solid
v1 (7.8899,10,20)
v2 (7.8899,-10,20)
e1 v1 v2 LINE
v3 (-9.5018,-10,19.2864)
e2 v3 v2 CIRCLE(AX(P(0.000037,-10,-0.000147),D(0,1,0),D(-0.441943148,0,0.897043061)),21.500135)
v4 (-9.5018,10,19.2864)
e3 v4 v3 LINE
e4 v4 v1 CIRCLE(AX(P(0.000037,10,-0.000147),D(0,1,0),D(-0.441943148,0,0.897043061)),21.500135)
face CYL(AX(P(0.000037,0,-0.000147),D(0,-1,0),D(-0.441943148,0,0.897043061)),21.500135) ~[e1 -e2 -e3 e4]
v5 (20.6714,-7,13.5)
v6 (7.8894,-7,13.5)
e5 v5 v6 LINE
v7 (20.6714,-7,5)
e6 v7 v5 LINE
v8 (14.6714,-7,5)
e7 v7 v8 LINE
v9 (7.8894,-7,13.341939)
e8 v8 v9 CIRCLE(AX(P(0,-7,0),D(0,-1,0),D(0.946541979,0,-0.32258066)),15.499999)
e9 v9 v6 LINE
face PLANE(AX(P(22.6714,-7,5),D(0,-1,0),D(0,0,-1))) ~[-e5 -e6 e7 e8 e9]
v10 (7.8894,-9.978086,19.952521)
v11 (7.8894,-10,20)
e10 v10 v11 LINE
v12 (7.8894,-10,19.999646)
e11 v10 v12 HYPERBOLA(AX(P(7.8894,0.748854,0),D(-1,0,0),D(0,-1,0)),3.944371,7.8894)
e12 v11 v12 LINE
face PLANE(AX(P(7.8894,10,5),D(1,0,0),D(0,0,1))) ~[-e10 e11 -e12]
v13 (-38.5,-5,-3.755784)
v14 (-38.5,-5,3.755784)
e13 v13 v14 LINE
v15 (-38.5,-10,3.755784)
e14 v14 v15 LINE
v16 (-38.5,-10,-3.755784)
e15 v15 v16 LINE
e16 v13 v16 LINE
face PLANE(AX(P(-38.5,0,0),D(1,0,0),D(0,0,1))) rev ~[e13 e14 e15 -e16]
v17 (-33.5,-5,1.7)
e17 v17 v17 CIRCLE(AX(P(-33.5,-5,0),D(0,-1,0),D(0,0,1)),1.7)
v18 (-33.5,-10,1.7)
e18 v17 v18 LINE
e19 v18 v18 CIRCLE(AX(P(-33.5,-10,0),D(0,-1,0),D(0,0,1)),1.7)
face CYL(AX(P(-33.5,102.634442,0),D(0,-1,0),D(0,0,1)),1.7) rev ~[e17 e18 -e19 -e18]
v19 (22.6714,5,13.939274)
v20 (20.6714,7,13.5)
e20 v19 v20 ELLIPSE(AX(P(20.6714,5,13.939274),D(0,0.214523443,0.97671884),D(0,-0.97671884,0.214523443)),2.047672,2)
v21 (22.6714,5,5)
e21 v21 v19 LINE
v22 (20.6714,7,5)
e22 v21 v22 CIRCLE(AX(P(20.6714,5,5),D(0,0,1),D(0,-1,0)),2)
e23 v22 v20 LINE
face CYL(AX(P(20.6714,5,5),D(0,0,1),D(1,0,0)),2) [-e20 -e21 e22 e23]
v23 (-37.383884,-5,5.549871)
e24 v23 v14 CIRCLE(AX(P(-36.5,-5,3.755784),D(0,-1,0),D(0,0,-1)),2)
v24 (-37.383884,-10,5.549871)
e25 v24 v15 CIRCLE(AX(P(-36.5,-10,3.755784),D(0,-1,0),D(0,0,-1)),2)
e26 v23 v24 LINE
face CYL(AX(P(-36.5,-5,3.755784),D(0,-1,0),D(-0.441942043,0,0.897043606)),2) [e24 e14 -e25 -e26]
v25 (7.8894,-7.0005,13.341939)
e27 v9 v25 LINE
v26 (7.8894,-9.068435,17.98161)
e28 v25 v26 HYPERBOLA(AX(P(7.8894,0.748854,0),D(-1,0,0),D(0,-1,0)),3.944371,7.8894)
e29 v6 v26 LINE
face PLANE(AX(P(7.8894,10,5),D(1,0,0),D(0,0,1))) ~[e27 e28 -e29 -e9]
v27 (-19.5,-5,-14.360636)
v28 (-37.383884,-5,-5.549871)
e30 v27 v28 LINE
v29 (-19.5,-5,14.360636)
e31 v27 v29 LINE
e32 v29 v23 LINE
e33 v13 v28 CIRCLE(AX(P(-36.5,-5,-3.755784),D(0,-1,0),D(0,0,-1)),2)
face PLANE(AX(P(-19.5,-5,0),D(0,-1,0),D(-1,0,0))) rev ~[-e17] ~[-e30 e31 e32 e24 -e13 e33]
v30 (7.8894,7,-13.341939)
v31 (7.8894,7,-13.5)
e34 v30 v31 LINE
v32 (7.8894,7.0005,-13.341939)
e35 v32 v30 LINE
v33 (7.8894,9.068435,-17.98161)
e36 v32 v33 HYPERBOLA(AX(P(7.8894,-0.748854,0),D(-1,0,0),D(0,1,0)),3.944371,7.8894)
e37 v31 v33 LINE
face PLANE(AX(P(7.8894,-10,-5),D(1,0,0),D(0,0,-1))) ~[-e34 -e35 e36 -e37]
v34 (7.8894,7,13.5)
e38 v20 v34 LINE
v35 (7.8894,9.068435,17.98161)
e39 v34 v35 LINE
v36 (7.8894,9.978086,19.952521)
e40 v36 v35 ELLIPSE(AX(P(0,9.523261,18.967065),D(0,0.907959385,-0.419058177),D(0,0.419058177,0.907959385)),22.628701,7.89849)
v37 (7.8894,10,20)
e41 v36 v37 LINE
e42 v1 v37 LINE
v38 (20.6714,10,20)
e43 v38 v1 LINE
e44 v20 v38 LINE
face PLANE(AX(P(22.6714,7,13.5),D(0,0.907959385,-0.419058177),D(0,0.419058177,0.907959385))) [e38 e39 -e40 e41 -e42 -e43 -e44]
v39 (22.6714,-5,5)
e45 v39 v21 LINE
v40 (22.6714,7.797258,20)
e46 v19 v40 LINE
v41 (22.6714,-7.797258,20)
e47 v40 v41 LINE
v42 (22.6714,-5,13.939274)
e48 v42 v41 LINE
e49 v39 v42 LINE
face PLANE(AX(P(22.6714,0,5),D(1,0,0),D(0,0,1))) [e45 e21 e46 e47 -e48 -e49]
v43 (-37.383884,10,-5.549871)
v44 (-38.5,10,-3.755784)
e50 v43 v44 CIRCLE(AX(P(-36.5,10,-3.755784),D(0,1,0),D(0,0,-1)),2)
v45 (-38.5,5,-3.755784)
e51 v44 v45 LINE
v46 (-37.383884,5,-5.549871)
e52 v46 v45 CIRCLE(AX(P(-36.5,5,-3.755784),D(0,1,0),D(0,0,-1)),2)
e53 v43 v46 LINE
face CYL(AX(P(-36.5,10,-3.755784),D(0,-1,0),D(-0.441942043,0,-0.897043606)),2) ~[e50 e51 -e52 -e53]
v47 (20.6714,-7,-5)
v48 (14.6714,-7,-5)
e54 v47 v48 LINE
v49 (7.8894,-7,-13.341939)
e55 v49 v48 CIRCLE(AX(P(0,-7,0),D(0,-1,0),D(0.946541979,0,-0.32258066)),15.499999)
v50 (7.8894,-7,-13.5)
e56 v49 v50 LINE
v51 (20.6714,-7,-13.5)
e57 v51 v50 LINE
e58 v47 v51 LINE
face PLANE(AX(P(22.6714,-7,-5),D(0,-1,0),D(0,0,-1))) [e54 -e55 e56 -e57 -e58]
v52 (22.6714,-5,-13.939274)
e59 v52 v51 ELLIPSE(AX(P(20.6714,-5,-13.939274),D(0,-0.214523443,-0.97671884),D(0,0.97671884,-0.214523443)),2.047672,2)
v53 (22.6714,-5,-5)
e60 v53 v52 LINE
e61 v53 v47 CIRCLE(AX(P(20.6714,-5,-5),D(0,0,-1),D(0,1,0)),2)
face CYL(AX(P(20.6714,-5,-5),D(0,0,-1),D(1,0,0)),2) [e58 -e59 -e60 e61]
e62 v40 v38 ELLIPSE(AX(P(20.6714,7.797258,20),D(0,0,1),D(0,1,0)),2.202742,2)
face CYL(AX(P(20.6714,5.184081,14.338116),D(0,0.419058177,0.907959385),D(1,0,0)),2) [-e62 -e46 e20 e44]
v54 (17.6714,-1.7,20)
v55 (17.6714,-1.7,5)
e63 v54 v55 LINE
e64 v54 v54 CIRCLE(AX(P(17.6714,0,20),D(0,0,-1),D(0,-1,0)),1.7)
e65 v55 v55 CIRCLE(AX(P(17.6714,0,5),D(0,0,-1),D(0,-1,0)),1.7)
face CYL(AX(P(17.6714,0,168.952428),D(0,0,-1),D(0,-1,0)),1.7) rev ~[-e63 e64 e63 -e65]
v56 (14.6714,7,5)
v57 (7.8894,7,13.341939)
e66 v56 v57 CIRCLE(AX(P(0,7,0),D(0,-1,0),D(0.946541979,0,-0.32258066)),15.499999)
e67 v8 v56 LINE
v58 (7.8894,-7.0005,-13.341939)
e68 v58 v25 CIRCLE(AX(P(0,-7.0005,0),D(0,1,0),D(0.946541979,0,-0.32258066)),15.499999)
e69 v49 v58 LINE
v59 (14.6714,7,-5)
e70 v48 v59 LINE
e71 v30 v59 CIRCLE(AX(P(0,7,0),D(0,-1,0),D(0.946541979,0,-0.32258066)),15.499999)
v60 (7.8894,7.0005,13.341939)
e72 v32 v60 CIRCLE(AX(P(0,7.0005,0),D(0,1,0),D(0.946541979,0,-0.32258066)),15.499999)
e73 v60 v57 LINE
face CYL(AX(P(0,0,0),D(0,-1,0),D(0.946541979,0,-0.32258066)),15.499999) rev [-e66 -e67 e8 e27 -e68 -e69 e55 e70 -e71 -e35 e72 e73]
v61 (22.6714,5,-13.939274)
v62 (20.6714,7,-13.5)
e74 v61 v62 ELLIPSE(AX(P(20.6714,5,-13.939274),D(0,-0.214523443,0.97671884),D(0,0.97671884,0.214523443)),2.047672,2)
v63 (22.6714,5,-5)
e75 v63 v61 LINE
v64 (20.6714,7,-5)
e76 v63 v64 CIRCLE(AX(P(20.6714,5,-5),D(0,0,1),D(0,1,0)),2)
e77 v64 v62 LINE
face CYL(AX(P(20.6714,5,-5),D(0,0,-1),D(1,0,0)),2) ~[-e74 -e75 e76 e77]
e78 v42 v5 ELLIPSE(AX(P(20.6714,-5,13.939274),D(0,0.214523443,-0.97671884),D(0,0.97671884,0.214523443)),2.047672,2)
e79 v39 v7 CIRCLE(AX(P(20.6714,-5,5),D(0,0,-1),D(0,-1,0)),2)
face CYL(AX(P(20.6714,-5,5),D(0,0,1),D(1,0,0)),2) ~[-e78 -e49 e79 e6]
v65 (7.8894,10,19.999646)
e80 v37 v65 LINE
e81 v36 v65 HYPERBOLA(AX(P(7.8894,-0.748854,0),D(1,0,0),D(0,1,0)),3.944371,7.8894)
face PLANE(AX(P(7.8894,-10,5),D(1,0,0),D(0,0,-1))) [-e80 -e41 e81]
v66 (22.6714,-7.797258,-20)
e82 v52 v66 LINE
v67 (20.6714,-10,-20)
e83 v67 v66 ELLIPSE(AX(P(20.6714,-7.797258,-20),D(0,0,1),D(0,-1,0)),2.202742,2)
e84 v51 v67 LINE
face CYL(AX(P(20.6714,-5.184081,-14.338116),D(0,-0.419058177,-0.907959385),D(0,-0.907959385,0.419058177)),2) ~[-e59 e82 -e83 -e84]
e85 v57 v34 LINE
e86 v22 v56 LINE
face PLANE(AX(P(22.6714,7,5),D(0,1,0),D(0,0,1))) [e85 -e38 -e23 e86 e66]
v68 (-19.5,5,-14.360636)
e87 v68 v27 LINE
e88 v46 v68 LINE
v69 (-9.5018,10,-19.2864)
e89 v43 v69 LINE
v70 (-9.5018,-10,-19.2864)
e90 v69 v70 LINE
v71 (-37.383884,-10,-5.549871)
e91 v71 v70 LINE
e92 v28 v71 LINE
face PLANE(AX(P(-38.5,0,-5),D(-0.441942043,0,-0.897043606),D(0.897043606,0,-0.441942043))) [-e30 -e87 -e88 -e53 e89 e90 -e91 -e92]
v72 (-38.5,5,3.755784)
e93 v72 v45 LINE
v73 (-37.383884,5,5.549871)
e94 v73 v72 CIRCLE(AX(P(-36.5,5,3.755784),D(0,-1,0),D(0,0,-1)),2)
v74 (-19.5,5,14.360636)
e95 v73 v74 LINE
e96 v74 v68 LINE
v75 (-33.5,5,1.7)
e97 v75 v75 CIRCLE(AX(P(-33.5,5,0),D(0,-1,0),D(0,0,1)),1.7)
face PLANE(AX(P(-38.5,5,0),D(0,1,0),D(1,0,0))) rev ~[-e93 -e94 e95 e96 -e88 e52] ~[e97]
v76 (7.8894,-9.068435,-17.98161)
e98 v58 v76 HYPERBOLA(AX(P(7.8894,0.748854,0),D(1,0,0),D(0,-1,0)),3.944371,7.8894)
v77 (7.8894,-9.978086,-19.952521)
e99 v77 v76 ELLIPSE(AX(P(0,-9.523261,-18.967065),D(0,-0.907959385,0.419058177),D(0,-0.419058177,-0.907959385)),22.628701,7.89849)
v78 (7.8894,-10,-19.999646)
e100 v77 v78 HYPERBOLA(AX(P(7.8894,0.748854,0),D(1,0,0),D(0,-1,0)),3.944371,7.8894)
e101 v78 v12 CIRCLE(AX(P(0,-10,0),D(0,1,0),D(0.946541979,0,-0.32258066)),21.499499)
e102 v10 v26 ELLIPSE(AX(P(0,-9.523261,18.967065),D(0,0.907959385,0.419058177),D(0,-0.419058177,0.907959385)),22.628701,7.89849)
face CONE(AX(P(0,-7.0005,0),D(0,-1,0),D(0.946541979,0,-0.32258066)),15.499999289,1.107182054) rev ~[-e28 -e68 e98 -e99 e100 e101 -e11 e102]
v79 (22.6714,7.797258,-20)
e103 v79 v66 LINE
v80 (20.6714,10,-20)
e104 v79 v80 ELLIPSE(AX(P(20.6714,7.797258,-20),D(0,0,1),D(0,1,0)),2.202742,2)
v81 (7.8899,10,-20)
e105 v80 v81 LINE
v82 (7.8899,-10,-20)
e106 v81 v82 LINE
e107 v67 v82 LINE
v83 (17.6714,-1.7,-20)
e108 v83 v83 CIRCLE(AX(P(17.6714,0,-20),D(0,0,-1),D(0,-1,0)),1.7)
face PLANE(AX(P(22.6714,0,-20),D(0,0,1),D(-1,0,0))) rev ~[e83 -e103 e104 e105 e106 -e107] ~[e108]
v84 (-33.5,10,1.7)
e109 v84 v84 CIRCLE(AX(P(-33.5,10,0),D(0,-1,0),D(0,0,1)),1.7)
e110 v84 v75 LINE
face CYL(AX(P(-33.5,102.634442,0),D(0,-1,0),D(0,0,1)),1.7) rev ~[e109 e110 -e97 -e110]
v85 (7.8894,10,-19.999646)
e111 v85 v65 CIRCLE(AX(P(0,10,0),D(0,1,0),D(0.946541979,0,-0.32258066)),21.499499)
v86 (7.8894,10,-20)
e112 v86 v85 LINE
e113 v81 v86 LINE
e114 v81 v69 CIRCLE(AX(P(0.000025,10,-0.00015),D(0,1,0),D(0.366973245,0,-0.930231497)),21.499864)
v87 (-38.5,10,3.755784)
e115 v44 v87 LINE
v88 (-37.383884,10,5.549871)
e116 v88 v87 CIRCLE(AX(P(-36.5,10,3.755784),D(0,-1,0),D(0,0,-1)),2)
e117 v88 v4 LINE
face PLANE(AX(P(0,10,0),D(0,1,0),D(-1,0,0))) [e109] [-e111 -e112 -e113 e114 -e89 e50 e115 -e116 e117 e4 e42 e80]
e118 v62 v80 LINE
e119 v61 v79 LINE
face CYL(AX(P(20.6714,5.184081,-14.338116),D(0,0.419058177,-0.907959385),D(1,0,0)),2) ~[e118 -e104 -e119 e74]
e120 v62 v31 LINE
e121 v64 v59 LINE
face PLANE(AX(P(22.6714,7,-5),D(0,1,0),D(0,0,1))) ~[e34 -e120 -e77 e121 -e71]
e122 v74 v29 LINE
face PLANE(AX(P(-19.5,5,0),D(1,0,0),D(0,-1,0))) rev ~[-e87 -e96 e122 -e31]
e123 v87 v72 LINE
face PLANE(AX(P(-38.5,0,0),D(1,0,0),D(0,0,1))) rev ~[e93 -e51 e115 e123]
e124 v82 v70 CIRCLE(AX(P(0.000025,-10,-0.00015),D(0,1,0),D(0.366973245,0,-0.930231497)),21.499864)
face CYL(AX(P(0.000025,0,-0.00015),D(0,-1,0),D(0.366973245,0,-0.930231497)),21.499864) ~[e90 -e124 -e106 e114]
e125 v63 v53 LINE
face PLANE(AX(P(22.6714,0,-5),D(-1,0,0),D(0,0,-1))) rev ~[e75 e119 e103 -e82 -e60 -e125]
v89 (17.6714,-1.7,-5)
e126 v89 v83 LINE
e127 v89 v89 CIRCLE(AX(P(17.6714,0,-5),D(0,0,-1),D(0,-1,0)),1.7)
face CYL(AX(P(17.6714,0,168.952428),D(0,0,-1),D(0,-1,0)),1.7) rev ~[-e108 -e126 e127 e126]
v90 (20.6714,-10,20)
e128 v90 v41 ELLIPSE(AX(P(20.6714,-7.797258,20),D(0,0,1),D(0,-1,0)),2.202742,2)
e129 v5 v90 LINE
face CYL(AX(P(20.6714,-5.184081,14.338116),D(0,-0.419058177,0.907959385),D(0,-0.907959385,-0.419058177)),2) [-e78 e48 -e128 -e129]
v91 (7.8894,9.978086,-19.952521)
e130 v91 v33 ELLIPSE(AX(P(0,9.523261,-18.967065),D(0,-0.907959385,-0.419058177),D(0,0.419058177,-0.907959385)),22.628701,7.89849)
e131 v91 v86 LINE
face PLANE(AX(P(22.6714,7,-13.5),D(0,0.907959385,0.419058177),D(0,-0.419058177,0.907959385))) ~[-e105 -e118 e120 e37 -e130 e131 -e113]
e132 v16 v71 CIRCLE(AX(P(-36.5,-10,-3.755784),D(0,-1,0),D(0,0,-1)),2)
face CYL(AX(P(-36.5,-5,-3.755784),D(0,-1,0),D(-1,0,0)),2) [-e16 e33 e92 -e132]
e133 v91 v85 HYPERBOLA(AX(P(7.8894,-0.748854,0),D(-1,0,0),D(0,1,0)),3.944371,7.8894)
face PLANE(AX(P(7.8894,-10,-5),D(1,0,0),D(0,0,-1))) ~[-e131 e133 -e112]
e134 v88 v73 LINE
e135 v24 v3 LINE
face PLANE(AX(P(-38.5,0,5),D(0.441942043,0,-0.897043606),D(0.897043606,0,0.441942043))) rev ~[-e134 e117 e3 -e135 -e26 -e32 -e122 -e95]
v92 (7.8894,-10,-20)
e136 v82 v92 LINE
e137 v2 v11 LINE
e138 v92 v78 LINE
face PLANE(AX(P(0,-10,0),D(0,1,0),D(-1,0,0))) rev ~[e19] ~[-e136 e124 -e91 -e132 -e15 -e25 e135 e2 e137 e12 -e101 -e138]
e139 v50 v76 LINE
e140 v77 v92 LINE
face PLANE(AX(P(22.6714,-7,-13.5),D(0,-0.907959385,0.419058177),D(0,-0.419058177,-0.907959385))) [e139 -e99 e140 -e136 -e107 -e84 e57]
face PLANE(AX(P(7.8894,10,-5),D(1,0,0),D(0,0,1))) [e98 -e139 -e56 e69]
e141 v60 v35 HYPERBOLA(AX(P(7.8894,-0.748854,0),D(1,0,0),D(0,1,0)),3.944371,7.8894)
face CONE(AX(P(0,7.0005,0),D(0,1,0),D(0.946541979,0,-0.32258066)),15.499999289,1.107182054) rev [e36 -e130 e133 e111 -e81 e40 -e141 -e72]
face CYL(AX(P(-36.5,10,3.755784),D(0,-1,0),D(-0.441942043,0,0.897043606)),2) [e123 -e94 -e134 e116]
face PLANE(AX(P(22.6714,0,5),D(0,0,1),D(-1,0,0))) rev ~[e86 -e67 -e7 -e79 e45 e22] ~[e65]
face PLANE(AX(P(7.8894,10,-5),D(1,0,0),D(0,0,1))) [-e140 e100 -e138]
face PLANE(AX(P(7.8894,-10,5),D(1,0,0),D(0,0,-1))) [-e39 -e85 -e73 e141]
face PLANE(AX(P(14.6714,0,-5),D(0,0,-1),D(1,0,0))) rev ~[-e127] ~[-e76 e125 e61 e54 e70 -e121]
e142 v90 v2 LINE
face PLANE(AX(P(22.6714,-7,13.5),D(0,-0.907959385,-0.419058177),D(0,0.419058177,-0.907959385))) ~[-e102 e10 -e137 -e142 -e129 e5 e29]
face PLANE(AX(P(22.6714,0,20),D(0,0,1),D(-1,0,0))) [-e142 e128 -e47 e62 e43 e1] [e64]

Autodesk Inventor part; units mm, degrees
ref_plane "YZ Plane" through (0, 0, 0) normal (1, 0, 0) x (0, 1, 0)
ref_plane "XZ Plane" through (0, 0, 0) normal (0, 1, 0) x (-1, 0, 0)
ref_plane "XY Plane" through (0, 0, 0) normal (0, 0, 1) x (1, 0, 0)
sketch "スケッチ1" plane through (0, 0, 0) normal (0, 1, 0) x (-1, 0, 0)
  circle A0 centre (0, 0) radius 15.5 construction
  circle A1 centre (0, 0) radius 21.5 construction
  line L0 (-22.6714, 5) -> (-14.6714, 5)
  line L1 (-14.6714, 5) -> (-14.6714, -5) construction
  line L2 (-14.6714, -5) -> (-22.6714, -5)
  line L3 (-22.6714, -5) -> (-22.6714, 5) construction
  line L4 (-22.6714, 5) -> (-14.6714, -5) construction
  line L5 (-14.6714, 5) -> (-22.6714, -5) construction
  line L6 (0, 0) -> (-18.6714, 0) construction
  line L7 (-22.6714, 5) -> (-22.6714, 20)
  line L8 (-22.6714, 20) -> (-7.8899, 20)
  line L9 (-22.6714, -5) -> (-22.6714, -20)
  line L10 (-22.6714, -20) -> (-7.8899, -20)
  arc A2 (-14.6714, -5) -> (-14.6714, 5) centre (0, 0) ccw
  line L11 (21.5, 0) -> (33.5, 0) construction
  line L12 (0, 0) -> (21.5, 0) construction
  line L13 (33.5, 0) -> (38.5, 0) construction
  line L14 (38.5, 0) -> (38.5, 5)
  line L15 (38.5, 0) -> (38.5, -5)
  line L16 (38.5, 5) -> (9.5018, 19.2864)
  line L17 (38.5, -5) -> (9.5018, -19.2864)
  arc A3 (9.5018, 19.2864) -> (-7.8899, 20) centre (0, 0) ccw
  arc A4 (-7.8899, -20) -> (9.5018, -19.2864) centre (0, 0) ccw
  dimension "d0" = 31
  dimension "d1" = 43
  dimension "d2" = 10
  dimension "d3" = 8
  dimension "d4" = 15
  dimension "d5" = 15
  dimension "d6" = 12
  dimension "d7" = 5
  dimension "d8" = 5
  dimension "d9" = 5
extrude "押し出し1" add sketch "スケッチ1" along normal mid plane 20
sketch "スケッチ2" plane through (0, 0, 0) normal (0, 0, 1) x (1, 0, 0)
  line L0 (-38.5, -10) -> (-38.5, 10) projected
  line L1 (-19.5, -5) -> (-38.5, -5)
  line L2 (-38.5, -5) -> (-38.5, 5)
  line L3 (-38.5, 5) -> (-19.5, 5)
  line L4 (-19.5, 5) -> (-19.5, -5)
  line L5 (-19.5, -5) -> (-38.5, 5) construction
  line L6 (-38.5, -5) -> (-19.5, 5) construction
  line L7 (0, 0) -> (-29, 0) construction
  line L8 (-9.5018, -10) -> (-9.5018, 10) projected
  dimension "d12" = 10
  dimension "d13" = 19
extrude "押し出し2" cut sketch "スケッチ2" along normal mid plane 100
hole "穴1" at (-33.5, 0, 0) direction (0, -1, 0) diameter 3.4 end through all both
sketch "スケッチ3" plane through (7.8899, 10, 20) normal (0, 0, 1) x (1, 0, 0)
  line L0 (14.7815, 0) -> (6.7815, 0) projected
  line L1 (9.7815, 0) -> (9.7815, -20) construction
  line L2 (14.7815, -20) -> (0, -20) projected
  line L3 (14.7815, -20) -> (14.7815, 0) projected
  point P0 (-7.8899, -10)
  point P1 (9.7815, -10)
  dimension "d23" = 5
hole "穴2" at (17.6714, 0, 20) direction (0, 0, -1) diameter 3.4 end through all both
chamfer "面取り1" distance 6 distance2 3 1 edges at (-15.5, 10, 0) measured on face at (-20.2308, 10, -11.0619)
sketch "スケッチ4" plane through (22.6714, -10, 5) normal (1, 0, 0) x (0, 0, -1)
  line L0 (-15, 0) -> (-15, 20) projected
  line L1 (0, 20) -> (-14.2864, 20) projected
  line L2 (-15, 20) -> (0, 20)
  line L3 (0, 20) -> (0, 0) projected
  line L4 (0, 20) -> (0, 17)
  line L5 (0, 17) -> (-8.5, 17)
  line L6 (0, 15) -> (-9.3606, 15) projected
  line L7 (-8.5, 17) -> (-15, 20)
  point P0 (5, 10)
  point P1 (-9.3606, 15)
  dimension "d34" = 3
  dimension "d35" = 8.5
extrude "押し出し3" cut sketch "スケッチ4" against normal blind 14.782
mirror "ミラー1" about plane through (0, 0, 0) normal (0, 0, 1) of "押し出し3"
chamfer "面取り2" distance 6 distance2 3 1 edges at (-15.5, -10, 0) measured on face at (-20.2308, -10, -11.0619)
mirror "ミラー2" about plane through (0, 0, 0) normal (0, 1, 0) of "押し出し3", "ミラー1"
fillet "フィレット1" radius 2 4 edges at (-38.5, -7.5, 5) (-38.5, 7.5, 5) (-38.5, 7.5, -5) (-38.5, -7.5, -5)
fillet "フィレット2" radius 2 8 edges at (22.6714, -7, 9.25) (22.6714, -8.5, 16.75) (22.6714, 7, 9.25) (22.6714, 8.5, 16.75) (22.6714, 8.5, -16.75) (22.6714, 7, -9.25) (22.6714, -7, -9.25) (22.6714, -8.5, -16.75)
equation "\"d9\" = d8"
properties part number "petbottlesfixingparts_sa" material "ABS プラスチック"
